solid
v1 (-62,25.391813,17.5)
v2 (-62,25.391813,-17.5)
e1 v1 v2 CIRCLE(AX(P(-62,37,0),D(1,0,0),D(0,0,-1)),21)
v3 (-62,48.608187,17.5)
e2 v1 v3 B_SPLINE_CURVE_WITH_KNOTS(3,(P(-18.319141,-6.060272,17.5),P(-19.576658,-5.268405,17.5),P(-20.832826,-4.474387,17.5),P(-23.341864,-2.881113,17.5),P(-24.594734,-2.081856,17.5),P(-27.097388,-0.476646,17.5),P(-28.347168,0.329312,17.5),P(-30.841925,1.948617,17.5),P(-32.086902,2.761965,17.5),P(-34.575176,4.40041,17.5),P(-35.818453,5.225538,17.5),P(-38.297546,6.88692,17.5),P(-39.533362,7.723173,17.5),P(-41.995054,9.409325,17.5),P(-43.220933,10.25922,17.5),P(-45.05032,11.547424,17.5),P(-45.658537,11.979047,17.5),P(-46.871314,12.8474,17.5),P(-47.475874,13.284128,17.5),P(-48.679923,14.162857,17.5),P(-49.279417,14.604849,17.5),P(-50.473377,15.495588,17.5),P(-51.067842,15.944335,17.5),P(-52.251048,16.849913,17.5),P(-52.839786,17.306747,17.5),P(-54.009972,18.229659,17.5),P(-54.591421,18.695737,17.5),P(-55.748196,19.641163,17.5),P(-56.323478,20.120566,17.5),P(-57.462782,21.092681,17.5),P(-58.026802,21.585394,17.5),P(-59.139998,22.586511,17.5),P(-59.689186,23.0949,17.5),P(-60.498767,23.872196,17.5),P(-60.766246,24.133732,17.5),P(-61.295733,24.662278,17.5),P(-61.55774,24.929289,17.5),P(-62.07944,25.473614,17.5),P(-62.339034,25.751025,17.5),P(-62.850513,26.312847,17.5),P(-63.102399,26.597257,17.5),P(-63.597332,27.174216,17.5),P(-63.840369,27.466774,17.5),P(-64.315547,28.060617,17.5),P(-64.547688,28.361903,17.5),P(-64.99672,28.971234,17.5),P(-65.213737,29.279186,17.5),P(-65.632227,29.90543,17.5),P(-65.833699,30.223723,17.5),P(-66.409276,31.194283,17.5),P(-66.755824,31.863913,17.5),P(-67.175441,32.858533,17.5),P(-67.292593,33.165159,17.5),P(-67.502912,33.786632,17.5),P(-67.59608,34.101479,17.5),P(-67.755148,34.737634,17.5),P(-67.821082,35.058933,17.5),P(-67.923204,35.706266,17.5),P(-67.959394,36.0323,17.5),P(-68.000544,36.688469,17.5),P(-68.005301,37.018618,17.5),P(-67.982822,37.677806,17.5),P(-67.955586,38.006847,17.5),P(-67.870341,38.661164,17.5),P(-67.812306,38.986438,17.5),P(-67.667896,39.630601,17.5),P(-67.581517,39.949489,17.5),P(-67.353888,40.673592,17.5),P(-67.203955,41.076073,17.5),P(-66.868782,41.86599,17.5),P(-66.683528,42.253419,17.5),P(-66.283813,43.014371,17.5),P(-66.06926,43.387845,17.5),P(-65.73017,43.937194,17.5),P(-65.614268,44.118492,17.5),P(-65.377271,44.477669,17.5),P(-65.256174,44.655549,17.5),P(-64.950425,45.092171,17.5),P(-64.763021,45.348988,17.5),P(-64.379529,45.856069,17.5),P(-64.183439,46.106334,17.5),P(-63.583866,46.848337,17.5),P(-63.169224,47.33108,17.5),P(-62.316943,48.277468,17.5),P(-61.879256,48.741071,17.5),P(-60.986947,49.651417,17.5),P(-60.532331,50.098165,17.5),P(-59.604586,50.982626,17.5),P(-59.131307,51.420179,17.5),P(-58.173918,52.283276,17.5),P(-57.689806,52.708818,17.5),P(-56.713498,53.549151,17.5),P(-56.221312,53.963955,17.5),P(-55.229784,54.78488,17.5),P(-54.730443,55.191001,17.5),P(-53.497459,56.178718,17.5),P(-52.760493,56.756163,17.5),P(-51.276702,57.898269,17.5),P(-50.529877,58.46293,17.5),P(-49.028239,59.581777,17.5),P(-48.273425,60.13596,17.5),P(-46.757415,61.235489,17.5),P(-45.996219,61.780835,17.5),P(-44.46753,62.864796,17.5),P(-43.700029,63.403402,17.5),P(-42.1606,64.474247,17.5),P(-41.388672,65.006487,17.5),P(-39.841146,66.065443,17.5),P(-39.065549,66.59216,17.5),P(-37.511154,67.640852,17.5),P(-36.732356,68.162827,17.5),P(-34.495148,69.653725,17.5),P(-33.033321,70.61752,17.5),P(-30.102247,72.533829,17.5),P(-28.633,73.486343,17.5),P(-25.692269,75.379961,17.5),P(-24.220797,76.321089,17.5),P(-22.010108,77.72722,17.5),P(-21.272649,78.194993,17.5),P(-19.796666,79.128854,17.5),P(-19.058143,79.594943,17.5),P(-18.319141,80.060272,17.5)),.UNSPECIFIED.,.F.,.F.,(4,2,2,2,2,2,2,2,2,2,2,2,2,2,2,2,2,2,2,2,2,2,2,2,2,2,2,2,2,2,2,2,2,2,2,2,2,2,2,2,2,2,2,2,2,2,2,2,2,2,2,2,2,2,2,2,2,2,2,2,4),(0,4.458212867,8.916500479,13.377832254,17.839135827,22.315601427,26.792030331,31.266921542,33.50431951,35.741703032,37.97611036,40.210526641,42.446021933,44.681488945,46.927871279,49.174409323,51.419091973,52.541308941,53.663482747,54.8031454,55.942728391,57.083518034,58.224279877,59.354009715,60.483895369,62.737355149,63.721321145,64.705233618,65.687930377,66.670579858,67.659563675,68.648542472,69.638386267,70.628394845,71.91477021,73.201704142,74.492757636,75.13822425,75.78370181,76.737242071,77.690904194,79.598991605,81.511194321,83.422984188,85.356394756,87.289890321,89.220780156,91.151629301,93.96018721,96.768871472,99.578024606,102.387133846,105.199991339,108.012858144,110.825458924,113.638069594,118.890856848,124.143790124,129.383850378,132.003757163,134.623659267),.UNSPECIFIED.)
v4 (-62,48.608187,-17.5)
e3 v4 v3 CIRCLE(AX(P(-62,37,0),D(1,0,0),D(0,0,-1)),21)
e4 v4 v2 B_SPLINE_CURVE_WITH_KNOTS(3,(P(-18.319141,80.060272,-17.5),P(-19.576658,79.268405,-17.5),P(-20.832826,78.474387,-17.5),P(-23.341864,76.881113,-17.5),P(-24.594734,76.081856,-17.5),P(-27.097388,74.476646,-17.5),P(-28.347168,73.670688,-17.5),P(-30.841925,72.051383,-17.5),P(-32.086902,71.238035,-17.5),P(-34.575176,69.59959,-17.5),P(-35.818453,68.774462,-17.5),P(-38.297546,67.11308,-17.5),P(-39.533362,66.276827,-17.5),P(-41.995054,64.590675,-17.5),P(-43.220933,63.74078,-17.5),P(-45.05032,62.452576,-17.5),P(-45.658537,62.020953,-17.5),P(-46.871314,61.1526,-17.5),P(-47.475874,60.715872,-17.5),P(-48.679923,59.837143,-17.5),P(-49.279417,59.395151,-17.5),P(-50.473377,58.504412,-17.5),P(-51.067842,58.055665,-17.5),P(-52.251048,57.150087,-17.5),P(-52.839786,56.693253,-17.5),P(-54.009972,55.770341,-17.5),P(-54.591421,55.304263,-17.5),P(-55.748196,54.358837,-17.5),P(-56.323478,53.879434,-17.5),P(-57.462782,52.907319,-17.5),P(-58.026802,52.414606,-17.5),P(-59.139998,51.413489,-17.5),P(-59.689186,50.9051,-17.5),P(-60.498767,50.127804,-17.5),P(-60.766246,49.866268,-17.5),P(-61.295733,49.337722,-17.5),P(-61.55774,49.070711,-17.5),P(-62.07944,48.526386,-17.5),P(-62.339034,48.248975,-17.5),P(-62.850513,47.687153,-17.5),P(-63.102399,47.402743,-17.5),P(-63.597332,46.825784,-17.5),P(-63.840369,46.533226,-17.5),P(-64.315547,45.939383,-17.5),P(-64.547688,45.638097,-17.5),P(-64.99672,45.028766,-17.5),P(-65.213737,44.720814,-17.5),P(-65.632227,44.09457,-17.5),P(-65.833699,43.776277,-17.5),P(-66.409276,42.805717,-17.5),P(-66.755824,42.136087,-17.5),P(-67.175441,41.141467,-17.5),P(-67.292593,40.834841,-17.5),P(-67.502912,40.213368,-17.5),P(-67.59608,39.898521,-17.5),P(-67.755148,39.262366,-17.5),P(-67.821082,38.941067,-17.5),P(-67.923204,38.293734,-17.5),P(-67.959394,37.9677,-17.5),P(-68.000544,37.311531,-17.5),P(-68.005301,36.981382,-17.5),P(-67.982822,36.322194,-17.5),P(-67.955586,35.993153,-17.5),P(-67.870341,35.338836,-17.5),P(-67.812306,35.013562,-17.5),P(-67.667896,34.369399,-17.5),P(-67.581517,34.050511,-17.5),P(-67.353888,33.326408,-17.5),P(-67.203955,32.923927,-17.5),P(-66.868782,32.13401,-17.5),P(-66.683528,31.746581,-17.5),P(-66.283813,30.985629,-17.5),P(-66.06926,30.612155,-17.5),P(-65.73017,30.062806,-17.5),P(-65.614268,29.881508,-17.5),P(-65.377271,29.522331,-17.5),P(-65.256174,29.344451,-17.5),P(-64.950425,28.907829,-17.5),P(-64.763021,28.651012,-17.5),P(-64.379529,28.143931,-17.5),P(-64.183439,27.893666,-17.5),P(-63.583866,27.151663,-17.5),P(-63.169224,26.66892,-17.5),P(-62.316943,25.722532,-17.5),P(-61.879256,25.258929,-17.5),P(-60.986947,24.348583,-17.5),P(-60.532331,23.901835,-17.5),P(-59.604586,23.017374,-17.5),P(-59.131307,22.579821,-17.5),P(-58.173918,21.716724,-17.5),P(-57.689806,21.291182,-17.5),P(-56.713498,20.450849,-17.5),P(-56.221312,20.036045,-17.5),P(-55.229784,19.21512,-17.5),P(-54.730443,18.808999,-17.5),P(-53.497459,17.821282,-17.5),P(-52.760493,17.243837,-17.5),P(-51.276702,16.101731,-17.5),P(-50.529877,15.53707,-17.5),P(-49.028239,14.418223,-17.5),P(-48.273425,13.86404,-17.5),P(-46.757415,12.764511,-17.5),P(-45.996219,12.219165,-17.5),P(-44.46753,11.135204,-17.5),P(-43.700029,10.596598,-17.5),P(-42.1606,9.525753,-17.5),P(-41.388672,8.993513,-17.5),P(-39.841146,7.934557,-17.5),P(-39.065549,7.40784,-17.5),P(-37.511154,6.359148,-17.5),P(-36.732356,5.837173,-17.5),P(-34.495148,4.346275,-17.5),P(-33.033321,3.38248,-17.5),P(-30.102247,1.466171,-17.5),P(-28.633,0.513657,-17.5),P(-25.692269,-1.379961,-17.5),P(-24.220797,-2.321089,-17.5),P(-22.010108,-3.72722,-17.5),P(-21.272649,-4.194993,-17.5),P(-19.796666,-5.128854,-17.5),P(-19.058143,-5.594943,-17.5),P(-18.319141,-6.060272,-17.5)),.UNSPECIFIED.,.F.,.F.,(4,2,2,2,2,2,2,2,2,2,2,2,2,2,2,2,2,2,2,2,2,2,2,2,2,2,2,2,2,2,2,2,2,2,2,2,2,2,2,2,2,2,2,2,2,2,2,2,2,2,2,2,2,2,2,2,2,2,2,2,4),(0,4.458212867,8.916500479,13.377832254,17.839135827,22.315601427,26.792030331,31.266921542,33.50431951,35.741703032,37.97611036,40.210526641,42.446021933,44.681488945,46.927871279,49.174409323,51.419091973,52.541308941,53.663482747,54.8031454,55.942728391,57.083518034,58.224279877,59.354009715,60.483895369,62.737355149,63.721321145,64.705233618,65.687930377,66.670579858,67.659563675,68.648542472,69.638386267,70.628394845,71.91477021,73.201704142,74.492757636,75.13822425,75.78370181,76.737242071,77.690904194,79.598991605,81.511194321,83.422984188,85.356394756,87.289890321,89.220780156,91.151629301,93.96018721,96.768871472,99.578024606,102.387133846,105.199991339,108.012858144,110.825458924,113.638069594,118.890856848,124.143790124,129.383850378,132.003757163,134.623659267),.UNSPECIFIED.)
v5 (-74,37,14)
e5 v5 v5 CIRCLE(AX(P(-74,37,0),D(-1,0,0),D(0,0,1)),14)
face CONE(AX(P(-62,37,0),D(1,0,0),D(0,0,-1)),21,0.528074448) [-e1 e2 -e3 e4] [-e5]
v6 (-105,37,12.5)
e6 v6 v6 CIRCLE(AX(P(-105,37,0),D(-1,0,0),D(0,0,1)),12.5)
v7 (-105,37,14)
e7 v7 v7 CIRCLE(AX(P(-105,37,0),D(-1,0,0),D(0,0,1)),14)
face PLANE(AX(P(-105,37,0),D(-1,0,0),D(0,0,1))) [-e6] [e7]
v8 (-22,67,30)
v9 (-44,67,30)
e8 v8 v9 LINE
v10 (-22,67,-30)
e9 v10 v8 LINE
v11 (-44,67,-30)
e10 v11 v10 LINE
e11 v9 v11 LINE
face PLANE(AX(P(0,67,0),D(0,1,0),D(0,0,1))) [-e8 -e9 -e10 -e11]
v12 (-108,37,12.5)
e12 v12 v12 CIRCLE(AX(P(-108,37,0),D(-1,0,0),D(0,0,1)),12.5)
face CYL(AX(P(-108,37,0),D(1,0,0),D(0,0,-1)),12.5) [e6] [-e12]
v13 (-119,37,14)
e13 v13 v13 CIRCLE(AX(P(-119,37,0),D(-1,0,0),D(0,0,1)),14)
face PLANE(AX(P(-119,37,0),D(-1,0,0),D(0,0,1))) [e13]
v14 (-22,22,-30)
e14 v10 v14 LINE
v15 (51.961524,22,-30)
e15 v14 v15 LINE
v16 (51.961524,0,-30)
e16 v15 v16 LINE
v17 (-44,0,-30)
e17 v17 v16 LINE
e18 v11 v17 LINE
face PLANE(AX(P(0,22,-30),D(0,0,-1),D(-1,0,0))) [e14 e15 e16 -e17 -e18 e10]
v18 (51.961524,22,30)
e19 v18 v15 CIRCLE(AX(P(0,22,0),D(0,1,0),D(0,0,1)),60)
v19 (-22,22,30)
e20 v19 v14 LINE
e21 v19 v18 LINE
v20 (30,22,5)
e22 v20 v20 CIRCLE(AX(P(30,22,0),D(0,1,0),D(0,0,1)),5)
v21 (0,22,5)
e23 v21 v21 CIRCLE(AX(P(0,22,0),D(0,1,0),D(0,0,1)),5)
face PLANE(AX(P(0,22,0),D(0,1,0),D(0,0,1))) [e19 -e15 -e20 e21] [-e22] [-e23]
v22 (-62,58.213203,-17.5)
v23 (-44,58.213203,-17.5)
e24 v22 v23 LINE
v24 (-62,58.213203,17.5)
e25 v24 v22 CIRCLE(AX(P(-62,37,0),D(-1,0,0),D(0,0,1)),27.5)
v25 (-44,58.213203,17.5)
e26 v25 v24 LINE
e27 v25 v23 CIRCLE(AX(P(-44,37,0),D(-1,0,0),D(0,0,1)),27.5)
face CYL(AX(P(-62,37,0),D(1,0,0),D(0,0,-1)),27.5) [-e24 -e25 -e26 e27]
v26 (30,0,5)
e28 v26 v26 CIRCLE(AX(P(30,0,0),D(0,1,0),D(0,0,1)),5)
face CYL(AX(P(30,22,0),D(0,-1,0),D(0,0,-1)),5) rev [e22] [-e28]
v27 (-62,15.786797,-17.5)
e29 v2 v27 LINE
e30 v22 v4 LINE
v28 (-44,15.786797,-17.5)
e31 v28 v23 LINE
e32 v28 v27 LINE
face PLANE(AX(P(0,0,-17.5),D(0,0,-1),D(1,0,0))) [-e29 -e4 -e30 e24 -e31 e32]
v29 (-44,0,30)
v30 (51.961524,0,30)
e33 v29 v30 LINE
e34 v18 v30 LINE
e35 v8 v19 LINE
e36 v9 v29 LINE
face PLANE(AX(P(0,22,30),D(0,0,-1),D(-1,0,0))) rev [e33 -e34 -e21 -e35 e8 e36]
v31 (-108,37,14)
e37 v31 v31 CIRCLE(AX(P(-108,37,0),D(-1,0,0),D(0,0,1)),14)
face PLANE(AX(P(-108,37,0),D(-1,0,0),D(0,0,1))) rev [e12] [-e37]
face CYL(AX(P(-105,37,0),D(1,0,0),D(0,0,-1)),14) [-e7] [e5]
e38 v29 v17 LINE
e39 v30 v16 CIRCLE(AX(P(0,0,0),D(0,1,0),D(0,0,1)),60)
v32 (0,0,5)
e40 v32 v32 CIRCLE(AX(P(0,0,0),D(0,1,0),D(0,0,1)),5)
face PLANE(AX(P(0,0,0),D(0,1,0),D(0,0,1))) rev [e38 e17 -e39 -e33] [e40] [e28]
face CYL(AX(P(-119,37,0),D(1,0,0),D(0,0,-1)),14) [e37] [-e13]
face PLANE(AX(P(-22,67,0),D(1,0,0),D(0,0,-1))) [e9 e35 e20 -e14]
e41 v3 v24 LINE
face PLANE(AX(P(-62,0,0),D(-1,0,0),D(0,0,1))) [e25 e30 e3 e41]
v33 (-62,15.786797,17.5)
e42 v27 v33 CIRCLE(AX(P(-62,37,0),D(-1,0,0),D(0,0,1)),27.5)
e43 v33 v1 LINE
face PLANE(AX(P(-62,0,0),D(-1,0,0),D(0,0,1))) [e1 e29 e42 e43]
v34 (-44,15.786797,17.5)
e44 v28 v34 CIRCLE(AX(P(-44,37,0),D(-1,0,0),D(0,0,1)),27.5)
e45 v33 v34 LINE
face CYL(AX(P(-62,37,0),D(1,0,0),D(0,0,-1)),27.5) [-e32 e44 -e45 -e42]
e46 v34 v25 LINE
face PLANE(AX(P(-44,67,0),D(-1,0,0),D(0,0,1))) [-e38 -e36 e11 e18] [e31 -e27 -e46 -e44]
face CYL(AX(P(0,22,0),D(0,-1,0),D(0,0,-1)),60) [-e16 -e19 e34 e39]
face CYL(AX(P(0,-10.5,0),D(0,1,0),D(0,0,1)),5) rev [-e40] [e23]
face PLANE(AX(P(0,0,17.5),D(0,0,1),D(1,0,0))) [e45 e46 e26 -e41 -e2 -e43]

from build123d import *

# Parameters (mm, degrees)
SKETCH1_R           = 5
BOSS_EXTRUDE1_DEPTH = 22
BOSS_EXTRUDE2_DEPTH = 67
BOSS_EXTRUDE3_DEPTH = 18
SKETCH5_R           = 14
BOSS_EXTRUDE5_DEPTH = 31
SKETCH6_R           = 12.5
BOSS_EXTRUDE6_DEPTH = 3
SKETCH7_R           = 14
BOSS_EXTRUDE7_DEPTH = 11
SKETCH8_W           = 30
SKETCH8_H           = 67
CUT_EXTRUDE1_DEPTH  = 12.5
SKETCH9_R           = 5
CUT_EXTRUDE2_DEPTH  = 32.5


with BuildPart() as part:
    # Sketch1 → Boss-Extrude1 (new body)
    with BuildSketch(Plane(origin=(0, 0, 0), x_dir=(1, 0, 0), z_dir=(0, 1, 0))):
        with BuildLine():
            Line((-22, 0), (-22, -30))
            Line((-22, -30), (0, -30))
            Line((0, -30), (51.961524227, -30))
            ThreePointArc((51.961524227, -30), (60, 0), (51.961524227, 30))
            Line((51.961524227, 30), (0, 30))
            Line((0, 30), (-22, 30))
            Line((-22, 30), (-22, 0))
        make_face()
        with Locations((30, 0)):
            Circle(SKETCH1_R, mode=Mode.SUBTRACT)
    extrude(amount=BOSS_EXTRUDE1_DEPTH)

    # Sketch1<3> → Boss-Extrude2 (add)
    with BuildSketch(Plane(origin=(0, 0, 0), x_dir=(1, 0, 0), z_dir=(0, 1, 0))):
        Polygon((-44, -30), (-22, -30), (-22, 0), (-22, 30), (-44, 30), align=None)
    extrude(amount=BOSS_EXTRUDE2_DEPTH)

    # Sketch2 → Boss-Extrude3 (add)
    with BuildSketch(Plane.ZY.offset(44)):
        with BuildLine():
            ThreePointArc((0, 9.5), (19.445436483, 17.554563517), (27.5, 37))
            ThreePointArc((27.5, 37), (-19.445436483, 56.445436483), (0, 9.5))
        make_face()
    extrude(amount=BOSS_EXTRUDE3_DEPTH)

    # Sketch3 → Revolve2 (revolve)
    with BuildSketch(Plane.XY):
        Polygon((-62, 37), (-74, 37), (-74, 51), (-62, 58), align=None)
    revolve(axis=Axis((-62, 37, 0), (-1, 0, 0)))

    # Sketch5 → Boss-Extrude5 (add)
    with BuildSketch(Plane.ZY.offset(74)):
        with Locations((0, 37)):
            Circle(SKETCH5_R)
    extrude(amount=BOSS_EXTRUDE5_DEPTH)

    # Sketch6 → Boss-Extrude6 (add)
    with BuildSketch(Plane.ZY.offset(105)):
        with Locations((0, 37)):
            Circle(SKETCH6_R)
    extrude(amount=BOSS_EXTRUDE6_DEPTH)

    # Sketch7 → Boss-Extrude7 (add)
    with BuildSketch(Plane.ZY.offset(108)):
        with Locations((0, 37)):
            Circle(SKETCH7_R)
    extrude(amount=BOSS_EXTRUDE7_DEPTH)

    # Sketch8 → Cut-Extrude1 (cut)
    with BuildSketch(Plane.XY.offset(30)):
        with Locations((-59, 33.5)):
            Rectangle(SKETCH8_W, SKETCH8_H)
    cut_extrude1 = extrude(amount=-CUT_EXTRUDE1_DEPTH, mode=Mode.SUBTRACT)

    # Mirror1: Cut-Extrude1 across plane
    add(cut_extrude1.mirror(Plane.XY), mode=Mode.SUBTRACT)

    # Sketch9 → Cut-Extrude2 (cut)
    with BuildSketch(Plane(origin=(0, 22, 0), x_dir=(1, 0, 0), z_dir=(0, 1, 0))):
        Circle(SKETCH9_R)
    extrude(amount=-CUT_EXTRUDE2_DEPTH, mode=Mode.SUBTRACT)


solid = part.part
